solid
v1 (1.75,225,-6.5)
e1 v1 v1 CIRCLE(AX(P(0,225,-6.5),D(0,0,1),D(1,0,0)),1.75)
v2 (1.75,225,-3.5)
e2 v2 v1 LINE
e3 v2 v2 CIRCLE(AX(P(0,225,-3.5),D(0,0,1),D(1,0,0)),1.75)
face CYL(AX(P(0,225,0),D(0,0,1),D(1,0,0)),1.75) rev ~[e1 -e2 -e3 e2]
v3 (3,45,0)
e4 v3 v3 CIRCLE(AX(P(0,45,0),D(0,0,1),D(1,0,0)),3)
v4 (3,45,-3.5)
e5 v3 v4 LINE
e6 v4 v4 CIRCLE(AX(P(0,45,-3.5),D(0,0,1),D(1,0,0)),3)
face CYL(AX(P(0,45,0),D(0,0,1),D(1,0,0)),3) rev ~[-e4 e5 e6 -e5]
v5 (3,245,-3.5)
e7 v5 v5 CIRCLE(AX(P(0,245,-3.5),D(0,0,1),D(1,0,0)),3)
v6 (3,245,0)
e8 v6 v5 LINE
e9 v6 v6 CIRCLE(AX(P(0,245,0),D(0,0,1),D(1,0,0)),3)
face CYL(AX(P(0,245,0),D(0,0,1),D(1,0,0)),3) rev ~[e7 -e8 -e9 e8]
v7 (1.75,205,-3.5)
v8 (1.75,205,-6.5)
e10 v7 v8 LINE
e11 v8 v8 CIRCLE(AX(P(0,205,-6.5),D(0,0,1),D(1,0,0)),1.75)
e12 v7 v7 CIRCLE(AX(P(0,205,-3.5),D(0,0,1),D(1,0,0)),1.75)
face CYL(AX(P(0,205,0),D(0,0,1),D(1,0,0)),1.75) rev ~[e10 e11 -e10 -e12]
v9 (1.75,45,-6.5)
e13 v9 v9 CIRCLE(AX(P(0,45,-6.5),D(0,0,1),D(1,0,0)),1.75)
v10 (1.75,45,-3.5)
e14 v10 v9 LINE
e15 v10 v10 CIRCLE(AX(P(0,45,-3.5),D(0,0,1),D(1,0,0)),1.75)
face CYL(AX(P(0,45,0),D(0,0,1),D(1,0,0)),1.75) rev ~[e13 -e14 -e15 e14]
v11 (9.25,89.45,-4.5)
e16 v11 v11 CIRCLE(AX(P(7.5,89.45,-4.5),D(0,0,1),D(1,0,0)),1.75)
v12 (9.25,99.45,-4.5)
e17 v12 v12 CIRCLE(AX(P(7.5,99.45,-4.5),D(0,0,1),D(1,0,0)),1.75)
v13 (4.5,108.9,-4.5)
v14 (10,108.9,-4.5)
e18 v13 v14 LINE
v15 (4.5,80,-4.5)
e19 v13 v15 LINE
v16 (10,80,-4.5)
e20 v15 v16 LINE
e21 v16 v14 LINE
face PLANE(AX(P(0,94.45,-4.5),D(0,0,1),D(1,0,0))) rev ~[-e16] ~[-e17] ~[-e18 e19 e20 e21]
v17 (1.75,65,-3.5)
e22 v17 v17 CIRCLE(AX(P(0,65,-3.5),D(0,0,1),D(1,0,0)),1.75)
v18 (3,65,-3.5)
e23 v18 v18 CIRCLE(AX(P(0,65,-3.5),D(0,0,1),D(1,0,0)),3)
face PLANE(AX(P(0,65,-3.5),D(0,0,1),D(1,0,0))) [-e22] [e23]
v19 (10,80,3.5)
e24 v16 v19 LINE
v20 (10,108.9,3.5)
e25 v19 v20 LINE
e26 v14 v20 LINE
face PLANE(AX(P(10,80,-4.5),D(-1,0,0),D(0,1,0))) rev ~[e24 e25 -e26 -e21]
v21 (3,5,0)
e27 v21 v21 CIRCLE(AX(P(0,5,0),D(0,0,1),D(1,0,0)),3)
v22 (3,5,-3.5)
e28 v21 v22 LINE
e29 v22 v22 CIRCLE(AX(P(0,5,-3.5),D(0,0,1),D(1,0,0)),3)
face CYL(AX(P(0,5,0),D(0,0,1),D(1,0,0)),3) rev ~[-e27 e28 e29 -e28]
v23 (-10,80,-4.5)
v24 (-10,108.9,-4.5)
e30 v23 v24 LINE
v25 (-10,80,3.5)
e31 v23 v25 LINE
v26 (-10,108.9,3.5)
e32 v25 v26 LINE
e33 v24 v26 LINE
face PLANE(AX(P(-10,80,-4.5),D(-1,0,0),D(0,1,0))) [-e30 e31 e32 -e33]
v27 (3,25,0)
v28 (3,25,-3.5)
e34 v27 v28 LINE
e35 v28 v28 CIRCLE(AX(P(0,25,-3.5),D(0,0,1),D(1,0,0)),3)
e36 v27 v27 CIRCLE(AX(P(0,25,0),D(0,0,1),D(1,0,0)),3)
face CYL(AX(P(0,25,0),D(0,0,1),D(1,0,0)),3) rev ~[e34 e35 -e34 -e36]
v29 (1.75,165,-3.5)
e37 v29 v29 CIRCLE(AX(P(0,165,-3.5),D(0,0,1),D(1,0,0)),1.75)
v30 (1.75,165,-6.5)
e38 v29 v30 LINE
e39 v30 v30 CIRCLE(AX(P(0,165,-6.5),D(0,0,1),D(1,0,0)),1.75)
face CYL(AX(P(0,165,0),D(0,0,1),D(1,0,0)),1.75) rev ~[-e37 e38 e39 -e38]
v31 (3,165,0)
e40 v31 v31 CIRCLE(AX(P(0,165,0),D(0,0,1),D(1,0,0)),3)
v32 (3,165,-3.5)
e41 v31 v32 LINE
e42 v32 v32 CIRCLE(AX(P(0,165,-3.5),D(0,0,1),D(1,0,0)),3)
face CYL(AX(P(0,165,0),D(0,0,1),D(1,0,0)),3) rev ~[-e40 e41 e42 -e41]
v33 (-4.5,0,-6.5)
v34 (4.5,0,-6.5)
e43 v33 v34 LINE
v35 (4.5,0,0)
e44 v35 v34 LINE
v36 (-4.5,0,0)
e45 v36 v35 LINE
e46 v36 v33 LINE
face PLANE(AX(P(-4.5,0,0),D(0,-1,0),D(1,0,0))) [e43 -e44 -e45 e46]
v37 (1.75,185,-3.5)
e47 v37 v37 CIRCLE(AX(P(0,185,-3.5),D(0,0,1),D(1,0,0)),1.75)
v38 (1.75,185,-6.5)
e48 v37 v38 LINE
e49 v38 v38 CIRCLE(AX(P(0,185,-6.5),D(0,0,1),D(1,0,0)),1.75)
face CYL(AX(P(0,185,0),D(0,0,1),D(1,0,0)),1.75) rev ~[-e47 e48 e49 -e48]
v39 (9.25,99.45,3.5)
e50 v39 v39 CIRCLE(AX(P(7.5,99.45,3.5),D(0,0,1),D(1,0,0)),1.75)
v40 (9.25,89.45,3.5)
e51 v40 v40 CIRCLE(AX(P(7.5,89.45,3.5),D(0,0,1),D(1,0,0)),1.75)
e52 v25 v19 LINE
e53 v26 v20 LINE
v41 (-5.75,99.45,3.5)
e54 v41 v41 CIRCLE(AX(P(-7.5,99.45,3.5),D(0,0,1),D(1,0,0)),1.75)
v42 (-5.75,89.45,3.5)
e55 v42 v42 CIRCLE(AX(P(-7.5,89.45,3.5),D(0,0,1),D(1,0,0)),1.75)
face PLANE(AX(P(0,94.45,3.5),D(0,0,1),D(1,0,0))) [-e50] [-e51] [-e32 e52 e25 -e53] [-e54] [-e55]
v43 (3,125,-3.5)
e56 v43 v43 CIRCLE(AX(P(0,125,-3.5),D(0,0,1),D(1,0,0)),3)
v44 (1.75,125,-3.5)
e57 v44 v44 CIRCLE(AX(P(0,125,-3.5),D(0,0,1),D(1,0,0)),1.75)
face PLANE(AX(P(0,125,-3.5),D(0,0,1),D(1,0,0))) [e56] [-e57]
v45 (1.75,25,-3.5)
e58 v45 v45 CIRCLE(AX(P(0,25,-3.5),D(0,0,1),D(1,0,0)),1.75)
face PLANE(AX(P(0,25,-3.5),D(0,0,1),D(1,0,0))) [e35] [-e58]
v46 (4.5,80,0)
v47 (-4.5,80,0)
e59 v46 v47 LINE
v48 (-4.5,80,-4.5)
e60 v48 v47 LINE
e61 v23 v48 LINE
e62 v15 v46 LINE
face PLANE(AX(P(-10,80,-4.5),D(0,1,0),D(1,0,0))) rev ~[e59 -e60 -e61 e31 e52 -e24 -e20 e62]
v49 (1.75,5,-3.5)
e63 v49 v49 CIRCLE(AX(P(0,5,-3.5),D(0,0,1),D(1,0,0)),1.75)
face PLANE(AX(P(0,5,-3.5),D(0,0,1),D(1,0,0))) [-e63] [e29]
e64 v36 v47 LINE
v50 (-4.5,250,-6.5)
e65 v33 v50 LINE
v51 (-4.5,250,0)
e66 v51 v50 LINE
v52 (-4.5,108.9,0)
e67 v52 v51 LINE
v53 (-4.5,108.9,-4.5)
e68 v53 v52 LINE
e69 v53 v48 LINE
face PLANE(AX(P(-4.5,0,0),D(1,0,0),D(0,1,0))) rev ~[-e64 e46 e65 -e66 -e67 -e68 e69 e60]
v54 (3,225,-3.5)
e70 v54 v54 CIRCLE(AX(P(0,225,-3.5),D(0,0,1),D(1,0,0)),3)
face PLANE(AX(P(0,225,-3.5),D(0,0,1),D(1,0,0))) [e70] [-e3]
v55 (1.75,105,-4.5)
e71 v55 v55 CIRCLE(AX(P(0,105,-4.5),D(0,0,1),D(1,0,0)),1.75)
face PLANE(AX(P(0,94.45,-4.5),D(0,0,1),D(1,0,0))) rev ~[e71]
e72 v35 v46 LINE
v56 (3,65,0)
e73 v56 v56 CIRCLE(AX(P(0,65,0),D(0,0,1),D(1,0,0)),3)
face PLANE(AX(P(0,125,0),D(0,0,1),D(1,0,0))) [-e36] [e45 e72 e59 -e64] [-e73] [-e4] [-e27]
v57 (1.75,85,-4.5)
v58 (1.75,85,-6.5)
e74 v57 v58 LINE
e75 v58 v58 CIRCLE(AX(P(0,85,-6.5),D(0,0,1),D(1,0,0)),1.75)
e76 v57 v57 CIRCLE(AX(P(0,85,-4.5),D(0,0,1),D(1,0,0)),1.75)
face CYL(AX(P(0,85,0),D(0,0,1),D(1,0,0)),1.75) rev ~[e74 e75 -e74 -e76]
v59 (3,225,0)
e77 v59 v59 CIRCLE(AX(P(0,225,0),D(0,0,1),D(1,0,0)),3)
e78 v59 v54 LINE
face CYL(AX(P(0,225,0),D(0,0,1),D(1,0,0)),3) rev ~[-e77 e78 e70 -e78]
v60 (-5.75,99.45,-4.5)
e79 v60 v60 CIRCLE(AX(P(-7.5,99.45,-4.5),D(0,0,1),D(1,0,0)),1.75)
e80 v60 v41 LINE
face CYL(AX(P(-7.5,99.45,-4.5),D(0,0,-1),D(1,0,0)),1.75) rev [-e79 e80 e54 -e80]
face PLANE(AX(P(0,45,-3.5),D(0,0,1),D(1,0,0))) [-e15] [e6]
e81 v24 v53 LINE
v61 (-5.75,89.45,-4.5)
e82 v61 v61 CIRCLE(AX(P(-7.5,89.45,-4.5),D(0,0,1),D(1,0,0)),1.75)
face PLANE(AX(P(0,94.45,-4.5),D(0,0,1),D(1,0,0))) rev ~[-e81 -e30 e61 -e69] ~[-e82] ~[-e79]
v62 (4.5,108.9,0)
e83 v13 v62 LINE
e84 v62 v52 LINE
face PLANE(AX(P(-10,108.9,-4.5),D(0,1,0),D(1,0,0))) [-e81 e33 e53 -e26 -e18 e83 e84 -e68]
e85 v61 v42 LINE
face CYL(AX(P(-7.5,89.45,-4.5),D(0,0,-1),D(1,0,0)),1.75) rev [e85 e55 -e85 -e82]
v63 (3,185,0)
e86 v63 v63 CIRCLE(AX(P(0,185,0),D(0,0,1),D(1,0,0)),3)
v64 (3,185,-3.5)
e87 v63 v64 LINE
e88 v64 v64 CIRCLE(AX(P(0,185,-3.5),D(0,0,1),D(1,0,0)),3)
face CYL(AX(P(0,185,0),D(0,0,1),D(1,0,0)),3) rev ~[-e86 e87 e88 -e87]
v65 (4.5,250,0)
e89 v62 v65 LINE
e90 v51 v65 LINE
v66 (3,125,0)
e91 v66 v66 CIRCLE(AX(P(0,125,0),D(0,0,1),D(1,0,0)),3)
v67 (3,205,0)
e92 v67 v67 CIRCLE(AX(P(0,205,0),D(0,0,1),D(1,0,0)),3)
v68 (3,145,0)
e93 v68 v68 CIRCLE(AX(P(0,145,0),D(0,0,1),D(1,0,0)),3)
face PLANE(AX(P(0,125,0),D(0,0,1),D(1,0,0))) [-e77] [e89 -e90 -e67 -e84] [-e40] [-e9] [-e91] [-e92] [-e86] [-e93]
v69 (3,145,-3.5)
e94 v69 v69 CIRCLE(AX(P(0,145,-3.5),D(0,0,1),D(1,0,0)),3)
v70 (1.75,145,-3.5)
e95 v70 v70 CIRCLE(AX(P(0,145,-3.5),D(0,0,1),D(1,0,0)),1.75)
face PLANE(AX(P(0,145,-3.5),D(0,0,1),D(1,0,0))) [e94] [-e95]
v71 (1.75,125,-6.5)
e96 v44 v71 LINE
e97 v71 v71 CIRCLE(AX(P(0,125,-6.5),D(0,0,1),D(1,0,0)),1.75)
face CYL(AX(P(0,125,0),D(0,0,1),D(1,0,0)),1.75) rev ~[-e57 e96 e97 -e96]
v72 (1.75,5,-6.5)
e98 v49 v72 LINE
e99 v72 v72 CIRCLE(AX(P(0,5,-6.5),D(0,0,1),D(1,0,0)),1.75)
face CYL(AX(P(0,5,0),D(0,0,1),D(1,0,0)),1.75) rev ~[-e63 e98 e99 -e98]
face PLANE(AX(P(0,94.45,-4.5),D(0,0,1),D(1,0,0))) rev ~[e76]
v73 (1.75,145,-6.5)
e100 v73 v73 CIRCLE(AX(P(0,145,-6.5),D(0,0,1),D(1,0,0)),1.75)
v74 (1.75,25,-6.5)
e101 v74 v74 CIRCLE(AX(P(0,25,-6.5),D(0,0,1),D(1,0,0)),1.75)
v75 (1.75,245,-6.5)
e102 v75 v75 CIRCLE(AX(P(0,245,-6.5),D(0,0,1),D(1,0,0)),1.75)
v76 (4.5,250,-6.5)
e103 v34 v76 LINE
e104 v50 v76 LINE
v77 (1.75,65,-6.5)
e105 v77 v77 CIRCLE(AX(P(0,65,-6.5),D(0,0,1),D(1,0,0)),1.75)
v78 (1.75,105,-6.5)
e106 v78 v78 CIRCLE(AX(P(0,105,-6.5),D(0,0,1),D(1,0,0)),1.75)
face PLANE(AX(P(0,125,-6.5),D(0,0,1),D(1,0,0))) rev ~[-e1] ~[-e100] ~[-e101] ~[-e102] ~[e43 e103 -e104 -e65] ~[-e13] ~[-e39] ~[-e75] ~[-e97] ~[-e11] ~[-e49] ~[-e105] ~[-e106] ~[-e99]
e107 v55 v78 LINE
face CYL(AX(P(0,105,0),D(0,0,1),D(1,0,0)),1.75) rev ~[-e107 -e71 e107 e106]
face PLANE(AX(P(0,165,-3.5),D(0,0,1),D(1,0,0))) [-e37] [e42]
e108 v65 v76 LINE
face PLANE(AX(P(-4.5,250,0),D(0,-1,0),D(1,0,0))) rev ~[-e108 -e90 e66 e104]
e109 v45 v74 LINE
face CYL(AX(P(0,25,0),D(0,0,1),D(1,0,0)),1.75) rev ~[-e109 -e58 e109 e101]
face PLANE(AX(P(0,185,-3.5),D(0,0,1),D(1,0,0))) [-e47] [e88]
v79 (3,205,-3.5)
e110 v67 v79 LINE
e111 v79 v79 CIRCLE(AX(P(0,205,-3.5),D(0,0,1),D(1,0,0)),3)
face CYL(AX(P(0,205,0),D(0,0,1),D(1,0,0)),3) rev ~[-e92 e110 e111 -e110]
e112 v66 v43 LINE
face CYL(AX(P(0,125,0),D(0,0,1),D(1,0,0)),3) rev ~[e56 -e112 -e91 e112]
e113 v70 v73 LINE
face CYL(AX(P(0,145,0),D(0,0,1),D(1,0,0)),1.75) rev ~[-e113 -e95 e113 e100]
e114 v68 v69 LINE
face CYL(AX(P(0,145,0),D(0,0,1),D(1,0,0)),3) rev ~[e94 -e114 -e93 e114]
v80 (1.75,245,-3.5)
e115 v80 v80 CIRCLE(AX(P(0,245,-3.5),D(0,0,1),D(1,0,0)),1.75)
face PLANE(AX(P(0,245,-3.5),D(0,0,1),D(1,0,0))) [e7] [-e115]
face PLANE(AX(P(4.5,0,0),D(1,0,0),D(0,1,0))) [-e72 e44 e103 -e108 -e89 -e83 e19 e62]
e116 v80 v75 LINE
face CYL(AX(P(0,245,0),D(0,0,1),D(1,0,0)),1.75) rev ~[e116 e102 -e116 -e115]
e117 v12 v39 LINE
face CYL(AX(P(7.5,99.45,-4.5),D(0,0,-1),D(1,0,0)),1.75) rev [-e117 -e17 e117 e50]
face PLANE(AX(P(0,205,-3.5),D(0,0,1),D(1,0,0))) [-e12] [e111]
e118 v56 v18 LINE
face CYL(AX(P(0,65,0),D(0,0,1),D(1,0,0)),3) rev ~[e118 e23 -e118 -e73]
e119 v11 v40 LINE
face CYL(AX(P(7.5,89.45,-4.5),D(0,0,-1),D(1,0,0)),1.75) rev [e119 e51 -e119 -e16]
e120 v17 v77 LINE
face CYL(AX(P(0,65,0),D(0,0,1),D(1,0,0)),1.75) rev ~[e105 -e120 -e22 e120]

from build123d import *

# Parameters (mm, degrees)
SKETCH_W               = 9
SKETCH_H               = 250
PAD_DEPTH              = 6.5
SKETCH001_R            = 1.75
POCKET_DEPTH           = 6.5
LINEARPATTERN_COUNT    = 13
LINEARPATTERN_PITCH    = 20
SKETCH002_R            = 3
POCKET001_DEPTH        = 3.5
LINEARPATTERN001_COUNT = 13
LINEARPATTERN001_PITCH = 20
SKETCH005_W            = 20
SKETCH005_H            = 28.9
SKETCH005_R            = 1.75
PAD002_DEPTH           = 8


with BuildPart() as part:
    # Sketch → Pad (new body)
    with BuildSketch(Plane.XY):
        with Locations((0, 125)):
            Rectangle(SKETCH_W, SKETCH_H)
    extrude(amount=-PAD_DEPTH)

    # Sketch001 → Pocket (cut)
    with BuildSketch(Plane.XY):
        with Locations((0, 5)):
            Circle(SKETCH001_R)
    pocket = extrude(amount=-POCKET_DEPTH, mode=Mode.SUBTRACT)

    # LinearPattern: Pocket ×13
    with Locations(*[(0, i * LINEARPATTERN_PITCH, 0) for i in range(1, LINEARPATTERN_COUNT)]):
        add(pocket, mode=Mode.SUBTRACT)

    # Sketch002 → Pocket001 (cut)
    with BuildSketch(Plane.XY):
        with Locations((0, 5)):
            Circle(SKETCH002_R)
    pocket001 = extrude(amount=-POCKET001_DEPTH, mode=Mode.SUBTRACT)

    # LinearPattern001: Pocket001 ×13
    with Locations(*[(0, i * LINEARPATTERN001_PITCH, 0) for i in range(1, LINEARPATTERN001_COUNT)]):
        add(pocket001, mode=Mode.SUBTRACT)

    # Sketch005 → Pad002 (join)
    with BuildSketch(Plane.XY.offset(-4.5)):
        with Locations((0, 94.45)):
            Rectangle(SKETCH005_W, SKETCH005_H)
        with Locations((-7.5, 99.45)):
            Circle(SKETCH005_R, mode=Mode.SUBTRACT)
        with Locations((7.5, 99.45)):
            Circle(SKETCH005_R, mode=Mode.SUBTRACT)
        with Locations((7.5, 89.45)):
            Circle(SKETCH005_R, mode=Mode.SUBTRACT)
        with Locations((-7.5, 89.45)):
            Circle(SKETCH005_R, mode=Mode.SUBTRACT)
    extrude(amount=PAD002_DEPTH)


solid = part.part
